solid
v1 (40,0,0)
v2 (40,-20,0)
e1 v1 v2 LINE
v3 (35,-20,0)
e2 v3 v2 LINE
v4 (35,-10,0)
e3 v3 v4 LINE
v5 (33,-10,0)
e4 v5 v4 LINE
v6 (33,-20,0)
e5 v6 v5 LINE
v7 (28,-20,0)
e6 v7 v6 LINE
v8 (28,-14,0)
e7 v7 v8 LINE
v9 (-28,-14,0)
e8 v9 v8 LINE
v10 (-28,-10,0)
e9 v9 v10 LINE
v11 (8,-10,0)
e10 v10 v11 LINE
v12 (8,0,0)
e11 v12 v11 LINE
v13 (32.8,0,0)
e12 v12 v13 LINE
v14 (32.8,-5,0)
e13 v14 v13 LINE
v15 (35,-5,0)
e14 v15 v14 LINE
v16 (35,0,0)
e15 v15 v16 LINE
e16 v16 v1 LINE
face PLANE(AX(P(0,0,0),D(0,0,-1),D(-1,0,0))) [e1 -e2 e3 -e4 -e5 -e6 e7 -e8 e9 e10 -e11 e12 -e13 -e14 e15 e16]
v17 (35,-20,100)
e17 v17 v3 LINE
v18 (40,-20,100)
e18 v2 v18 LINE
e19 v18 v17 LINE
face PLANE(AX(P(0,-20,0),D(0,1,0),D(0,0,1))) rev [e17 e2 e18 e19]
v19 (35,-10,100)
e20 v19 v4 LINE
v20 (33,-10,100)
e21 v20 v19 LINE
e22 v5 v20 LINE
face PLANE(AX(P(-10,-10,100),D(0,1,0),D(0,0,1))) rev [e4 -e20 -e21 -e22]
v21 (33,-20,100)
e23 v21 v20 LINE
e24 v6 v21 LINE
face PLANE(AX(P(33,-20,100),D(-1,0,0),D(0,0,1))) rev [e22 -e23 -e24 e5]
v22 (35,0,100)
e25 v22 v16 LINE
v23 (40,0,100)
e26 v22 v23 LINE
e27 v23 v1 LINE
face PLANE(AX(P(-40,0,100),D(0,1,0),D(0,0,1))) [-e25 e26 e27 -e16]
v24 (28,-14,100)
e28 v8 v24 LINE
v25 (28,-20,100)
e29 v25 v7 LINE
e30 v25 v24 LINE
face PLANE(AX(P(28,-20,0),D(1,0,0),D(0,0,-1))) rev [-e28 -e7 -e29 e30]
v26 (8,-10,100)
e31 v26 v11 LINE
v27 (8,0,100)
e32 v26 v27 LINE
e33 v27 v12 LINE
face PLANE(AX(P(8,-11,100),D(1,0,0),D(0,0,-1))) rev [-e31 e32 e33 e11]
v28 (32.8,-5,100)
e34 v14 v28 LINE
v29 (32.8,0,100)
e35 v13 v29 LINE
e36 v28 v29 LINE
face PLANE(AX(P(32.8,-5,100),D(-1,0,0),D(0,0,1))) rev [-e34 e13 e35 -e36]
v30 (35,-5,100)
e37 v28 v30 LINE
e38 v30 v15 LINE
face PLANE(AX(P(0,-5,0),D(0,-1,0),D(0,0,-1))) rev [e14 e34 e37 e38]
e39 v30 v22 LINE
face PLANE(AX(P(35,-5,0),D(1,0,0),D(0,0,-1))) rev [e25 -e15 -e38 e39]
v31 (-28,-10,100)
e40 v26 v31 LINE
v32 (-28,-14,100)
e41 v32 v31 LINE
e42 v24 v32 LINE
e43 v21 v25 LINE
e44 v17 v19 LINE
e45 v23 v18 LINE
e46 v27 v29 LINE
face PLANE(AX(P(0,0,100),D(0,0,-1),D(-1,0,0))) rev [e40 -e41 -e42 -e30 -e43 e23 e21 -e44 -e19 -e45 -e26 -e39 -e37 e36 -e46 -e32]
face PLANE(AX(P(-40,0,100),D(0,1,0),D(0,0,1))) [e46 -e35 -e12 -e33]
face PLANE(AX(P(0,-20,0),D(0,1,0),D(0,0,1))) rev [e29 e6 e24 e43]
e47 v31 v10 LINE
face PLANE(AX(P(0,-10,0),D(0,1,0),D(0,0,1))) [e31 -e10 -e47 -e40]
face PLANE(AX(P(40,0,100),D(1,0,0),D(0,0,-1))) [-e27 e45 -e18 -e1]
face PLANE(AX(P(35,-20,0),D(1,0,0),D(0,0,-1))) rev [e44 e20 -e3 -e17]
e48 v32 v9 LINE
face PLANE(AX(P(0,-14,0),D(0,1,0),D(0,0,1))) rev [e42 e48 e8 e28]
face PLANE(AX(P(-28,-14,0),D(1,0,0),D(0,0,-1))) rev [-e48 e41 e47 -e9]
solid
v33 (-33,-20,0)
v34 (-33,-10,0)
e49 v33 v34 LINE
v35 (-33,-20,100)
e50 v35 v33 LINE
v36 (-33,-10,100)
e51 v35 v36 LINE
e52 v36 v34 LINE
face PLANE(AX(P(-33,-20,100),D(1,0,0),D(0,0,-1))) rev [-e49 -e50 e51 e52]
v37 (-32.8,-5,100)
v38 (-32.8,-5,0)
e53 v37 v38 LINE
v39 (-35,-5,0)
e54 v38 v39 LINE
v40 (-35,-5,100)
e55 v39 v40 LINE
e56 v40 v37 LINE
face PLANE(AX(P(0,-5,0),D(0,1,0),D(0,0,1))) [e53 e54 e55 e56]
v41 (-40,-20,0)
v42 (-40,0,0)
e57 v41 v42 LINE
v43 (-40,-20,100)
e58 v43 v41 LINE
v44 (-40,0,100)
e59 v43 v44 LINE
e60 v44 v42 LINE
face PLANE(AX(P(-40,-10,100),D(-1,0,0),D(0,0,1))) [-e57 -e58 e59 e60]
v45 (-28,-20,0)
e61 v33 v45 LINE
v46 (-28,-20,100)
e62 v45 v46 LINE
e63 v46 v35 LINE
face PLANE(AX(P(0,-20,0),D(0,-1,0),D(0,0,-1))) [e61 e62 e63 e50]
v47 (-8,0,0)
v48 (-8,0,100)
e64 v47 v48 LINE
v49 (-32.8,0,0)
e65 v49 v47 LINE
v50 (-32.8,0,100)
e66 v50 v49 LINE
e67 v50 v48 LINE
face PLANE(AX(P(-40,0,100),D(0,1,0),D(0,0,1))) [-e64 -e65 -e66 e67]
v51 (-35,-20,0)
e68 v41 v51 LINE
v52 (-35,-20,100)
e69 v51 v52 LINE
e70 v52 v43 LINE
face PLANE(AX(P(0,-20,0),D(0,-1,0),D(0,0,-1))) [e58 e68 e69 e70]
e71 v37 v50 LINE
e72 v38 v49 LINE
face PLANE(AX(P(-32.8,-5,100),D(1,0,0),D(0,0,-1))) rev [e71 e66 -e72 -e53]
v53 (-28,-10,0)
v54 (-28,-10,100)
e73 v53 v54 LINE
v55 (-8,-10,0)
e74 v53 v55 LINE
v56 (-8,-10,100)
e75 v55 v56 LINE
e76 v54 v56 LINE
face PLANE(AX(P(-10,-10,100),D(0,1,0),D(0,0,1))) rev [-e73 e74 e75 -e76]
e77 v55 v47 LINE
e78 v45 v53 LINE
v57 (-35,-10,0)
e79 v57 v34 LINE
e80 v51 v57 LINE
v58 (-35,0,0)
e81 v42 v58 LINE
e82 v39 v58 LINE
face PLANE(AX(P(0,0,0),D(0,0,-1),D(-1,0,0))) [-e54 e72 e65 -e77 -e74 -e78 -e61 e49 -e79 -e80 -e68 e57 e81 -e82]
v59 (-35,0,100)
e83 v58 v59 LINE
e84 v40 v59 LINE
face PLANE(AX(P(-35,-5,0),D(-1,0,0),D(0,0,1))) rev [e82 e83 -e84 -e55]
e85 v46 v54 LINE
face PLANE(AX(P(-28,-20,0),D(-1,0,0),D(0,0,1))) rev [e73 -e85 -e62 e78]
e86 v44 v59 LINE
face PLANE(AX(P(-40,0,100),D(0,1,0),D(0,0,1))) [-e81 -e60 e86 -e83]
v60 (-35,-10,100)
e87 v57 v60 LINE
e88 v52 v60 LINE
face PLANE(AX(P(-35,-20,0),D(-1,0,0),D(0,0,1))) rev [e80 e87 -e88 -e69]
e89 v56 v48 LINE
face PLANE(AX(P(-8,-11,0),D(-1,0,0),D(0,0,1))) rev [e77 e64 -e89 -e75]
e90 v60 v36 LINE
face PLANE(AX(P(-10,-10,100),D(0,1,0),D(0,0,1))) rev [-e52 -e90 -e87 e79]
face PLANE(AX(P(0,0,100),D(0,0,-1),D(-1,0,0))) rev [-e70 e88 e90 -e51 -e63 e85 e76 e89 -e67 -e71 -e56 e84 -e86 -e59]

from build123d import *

# Parameters (mm, degrees)
EXTRU_MINCE1_DEPTH      = 100
ESQUISSE4_W             = 2.2
ESQUISSE4_H             = 100
ENL_V_MAT_EXTRU_1_DEPTH = 5
ESQUISSE7_W             = 5
ESQUISSE7_H             = 100
BOSS_EXTRU_1_DEPTH      = 10
ESQUISSE8_W             = 16
ESQUISSE8_H             = 100
ENL_V_MAT_EXTRU_3_DEPTH = 11
ESQUISSE9_W             = 56
ESQUISSE9_H             = 100
BOSS_EXTRU_2_DEPTH      = 4


with BuildPart() as part:
    # Esquisse2 → Extru.-Mince1 (new body)
    with BuildSketch(Plane.XY):
        Polygon((-40, 0), (-10, 0), (10, 0), (40, 0), (40, -10), (10, -10), (-10, -10), (-40, -10), align=None)
    extrude(amount=EXTRU_MINCE1_DEPTH)

    # Esquisse4 → Enlèv. mat.-Extru.1 (cut)
    with BuildSketch(Plane(origin=(0, 0, 0), x_dir=(1, 0, 0), z_dir=(0, 1, 0))):
        with Locations((-33.9, -50)):
            Rectangle(ESQUISSE4_W, ESQUISSE4_H)
        with Locations((33.9, -50)):
            Rectangle(ESQUISSE4_W, ESQUISSE4_H)
    extrude(amount=-ENL_V_MAT_EXTRU_1_DEPTH, mode=Mode.SUBTRACT)

    # Esquisse7 → Boss.-Extru.1 (add)
    with BuildSketch(Plane.XZ.offset(10)):
        with Locations((-37.5, 50)):
            Rectangle(ESQUISSE7_W, ESQUISSE7_H)
        with Locations((-30.5, 50)):
            Rectangle(ESQUISSE7_W, ESQUISSE7_H)
        with Locations((37.5, 50)):
            Rectangle(ESQUISSE7_W, ESQUISSE7_H)
        with Locations((30.5, 50)):
            Rectangle(ESQUISSE7_W, ESQUISSE7_H)
    extrude(amount=BOSS_EXTRU_1_DEPTH)

    # Esquisse8 → Enlèv. mat.-Extru.3 (cut)
    with BuildSketch(Plane(origin=(0, 0, 0), x_dir=(1, 0, 0), z_dir=(0, 1, 0))):
        with Locations((0, -50)):
            Rectangle(ESQUISSE8_W, ESQUISSE8_H)
    extrude(amount=-ENL_V_MAT_EXTRU_3_DEPTH, mode=Mode.SUBTRACT)


with BuildPart() as enl_v_mat_extru_3_piece_1:
    # of the separate pieces the step leaves, piece 1, a body of its own (enl_v_mat_extru_3_pieces)
    add(part.part.solids().sort_by_distance((40, 0, 0))[0])

    # Esquisse9 → Boss.-Extru.2 (add)
    with BuildSketch(Plane.XZ.offset(10)):
        with Locations((0, 50)):
            Rectangle(ESQUISSE9_W, ESQUISSE9_H)
    extrude(amount=BOSS_EXTRU_2_DEPTH)


with BuildPart() as enl_v_mat_extru_3_piece_2:
    # of the separate pieces the step leaves, piece 2, a body of its own (enl_v_mat_extru_3_pieces)
    add(part.part.solids().sort_by_distance((-35, 0, 0))[0])


solid = Compound([enl_v_mat_extru_3_piece_1.part, enl_v_mat_extru_3_piece_2.part])
